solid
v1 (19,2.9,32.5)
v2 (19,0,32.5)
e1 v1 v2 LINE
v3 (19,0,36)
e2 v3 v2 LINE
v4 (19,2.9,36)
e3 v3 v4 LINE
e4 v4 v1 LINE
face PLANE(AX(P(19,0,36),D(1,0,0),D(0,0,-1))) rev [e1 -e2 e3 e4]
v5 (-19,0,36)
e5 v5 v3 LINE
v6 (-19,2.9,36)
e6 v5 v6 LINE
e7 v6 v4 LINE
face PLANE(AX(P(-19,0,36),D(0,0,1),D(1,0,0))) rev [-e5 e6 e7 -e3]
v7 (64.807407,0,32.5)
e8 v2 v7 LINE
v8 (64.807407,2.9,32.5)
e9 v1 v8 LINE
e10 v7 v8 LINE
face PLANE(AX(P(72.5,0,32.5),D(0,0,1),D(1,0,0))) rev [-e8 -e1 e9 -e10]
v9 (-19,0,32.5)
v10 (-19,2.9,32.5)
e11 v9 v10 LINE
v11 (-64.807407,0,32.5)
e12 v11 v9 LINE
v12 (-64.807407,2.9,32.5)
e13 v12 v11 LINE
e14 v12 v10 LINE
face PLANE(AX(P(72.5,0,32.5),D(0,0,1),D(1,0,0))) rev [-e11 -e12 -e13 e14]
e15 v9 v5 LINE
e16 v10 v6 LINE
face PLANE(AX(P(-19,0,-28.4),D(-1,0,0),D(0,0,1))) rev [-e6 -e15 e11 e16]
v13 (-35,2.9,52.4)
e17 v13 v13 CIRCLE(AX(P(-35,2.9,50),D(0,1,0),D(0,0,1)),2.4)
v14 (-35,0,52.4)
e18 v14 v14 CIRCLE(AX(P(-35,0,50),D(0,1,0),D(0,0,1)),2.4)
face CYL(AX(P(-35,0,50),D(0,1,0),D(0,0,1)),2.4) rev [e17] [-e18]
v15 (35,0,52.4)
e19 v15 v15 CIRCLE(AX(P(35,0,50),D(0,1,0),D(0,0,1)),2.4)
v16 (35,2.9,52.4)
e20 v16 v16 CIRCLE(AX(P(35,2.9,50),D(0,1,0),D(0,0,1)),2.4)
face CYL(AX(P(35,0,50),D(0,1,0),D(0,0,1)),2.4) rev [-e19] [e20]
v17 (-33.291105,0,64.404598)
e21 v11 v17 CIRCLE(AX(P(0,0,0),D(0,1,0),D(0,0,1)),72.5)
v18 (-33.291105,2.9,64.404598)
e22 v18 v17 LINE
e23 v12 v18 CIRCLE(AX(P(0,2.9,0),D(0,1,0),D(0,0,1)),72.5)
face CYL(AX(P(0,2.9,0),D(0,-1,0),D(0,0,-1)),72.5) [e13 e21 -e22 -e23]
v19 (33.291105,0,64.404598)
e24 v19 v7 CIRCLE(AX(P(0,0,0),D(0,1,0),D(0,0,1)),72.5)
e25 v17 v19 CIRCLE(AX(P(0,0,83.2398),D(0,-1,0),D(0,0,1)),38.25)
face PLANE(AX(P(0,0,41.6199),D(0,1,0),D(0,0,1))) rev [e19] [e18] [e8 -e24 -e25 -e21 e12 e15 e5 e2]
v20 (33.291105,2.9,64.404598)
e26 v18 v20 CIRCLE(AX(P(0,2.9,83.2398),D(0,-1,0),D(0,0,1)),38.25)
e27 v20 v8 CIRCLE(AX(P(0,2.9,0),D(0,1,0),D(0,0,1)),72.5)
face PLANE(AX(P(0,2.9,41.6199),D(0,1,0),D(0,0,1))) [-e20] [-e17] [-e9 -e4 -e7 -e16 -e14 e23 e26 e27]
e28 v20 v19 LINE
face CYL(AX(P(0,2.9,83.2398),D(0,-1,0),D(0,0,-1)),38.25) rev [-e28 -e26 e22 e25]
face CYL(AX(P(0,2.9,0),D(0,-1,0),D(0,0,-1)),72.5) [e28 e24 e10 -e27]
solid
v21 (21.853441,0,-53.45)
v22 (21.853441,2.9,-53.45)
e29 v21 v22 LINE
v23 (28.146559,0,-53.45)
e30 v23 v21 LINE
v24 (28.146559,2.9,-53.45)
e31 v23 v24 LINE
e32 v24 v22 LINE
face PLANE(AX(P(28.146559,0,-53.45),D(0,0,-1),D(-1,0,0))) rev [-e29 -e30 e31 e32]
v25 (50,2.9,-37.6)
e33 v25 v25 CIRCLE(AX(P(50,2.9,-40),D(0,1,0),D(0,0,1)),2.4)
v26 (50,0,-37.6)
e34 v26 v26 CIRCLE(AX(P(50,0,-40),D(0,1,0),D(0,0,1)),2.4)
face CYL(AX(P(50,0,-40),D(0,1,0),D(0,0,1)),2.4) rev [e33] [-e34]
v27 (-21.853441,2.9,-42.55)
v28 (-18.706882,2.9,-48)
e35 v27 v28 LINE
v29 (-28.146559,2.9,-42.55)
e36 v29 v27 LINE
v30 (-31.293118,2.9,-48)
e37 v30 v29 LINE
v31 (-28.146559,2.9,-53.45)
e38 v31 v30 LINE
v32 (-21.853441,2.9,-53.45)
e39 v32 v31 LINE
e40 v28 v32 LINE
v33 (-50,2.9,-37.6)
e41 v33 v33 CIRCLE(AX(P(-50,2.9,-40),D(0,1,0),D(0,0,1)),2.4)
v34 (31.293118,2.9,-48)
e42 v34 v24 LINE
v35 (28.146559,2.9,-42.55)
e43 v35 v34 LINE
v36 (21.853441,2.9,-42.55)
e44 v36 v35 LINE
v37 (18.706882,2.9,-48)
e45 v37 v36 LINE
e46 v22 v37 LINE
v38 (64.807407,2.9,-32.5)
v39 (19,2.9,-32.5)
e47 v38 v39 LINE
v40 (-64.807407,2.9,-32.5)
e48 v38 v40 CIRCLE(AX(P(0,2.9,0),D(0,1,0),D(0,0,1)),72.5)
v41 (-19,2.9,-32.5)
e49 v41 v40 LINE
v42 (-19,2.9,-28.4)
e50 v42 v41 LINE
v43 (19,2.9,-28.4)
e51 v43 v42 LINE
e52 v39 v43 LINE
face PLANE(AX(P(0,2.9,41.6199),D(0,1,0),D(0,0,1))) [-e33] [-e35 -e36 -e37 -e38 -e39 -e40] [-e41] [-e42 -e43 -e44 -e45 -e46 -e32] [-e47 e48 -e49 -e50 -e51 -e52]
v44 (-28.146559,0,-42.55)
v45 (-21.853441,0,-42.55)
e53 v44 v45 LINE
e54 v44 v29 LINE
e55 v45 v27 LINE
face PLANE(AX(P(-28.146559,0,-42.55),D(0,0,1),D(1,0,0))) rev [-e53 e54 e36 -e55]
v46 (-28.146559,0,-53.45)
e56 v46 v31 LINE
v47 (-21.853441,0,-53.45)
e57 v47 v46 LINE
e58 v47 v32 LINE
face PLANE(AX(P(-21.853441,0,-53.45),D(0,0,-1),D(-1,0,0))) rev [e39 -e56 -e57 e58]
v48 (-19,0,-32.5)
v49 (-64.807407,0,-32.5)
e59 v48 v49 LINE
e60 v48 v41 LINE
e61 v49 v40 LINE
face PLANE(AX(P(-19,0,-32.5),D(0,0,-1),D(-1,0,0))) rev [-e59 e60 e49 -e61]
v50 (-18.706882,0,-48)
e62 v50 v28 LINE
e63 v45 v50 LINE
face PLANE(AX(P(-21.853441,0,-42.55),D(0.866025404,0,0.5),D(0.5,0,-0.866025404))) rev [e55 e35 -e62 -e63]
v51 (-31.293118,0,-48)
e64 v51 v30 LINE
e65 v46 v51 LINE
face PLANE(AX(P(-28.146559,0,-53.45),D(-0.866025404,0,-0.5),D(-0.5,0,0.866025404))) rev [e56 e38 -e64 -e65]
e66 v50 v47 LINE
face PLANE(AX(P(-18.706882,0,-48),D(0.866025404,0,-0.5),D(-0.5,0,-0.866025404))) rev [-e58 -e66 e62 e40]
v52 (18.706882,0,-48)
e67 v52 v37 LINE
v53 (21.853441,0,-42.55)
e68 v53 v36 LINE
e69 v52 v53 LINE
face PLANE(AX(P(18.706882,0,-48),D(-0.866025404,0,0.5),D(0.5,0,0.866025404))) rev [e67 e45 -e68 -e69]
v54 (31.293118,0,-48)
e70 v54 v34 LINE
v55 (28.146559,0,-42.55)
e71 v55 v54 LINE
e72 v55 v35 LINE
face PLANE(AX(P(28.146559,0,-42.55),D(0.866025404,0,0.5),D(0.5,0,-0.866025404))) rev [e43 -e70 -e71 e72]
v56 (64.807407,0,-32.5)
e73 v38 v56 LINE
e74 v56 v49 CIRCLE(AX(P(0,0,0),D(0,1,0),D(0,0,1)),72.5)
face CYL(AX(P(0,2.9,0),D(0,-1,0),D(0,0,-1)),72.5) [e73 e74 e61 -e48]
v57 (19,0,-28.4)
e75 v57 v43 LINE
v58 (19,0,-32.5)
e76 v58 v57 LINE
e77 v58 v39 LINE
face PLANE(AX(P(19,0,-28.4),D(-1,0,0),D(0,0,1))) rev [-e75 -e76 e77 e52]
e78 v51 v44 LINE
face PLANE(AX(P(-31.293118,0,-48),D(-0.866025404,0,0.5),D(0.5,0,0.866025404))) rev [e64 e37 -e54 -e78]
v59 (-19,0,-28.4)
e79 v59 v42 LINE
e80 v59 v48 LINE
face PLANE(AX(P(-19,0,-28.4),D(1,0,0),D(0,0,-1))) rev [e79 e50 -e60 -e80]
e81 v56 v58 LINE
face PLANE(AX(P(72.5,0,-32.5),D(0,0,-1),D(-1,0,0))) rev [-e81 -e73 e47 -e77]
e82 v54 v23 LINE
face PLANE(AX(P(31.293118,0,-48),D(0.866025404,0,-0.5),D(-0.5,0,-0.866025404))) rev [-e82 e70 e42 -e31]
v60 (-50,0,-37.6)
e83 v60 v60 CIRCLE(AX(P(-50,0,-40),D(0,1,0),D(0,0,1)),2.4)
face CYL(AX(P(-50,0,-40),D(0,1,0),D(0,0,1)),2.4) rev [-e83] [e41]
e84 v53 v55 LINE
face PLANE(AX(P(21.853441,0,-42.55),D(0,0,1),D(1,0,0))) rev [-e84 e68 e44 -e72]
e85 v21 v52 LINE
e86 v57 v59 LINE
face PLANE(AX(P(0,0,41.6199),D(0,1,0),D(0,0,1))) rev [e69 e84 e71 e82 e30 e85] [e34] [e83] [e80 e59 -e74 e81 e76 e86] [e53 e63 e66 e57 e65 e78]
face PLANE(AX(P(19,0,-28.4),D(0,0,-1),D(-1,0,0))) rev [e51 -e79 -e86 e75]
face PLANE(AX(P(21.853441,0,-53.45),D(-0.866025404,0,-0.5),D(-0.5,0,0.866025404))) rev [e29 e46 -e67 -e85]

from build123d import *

# Parameters (mm, degrees)
BOSS_EXTRUDE1_DEPTH  = 2.9
SOLENOID_PLACEMENT_W = 38
SOLENOID_PLACEMENT_H = 64.4
CUT_EXTRUDE1_DEPTH   = 103.571487266
CUT_EXTRUDE5_DEPTH   = 103.571487266
SKETCH6_R            = 2.4
CUT_EXTRUDE6_DEPTH   = 103.571487266
CUT_EXTRUDE3_DEPTH   = 103.571487266


with BuildPart() as part:
    # Sketch1 → Boss-Extrude1 (new body)
    with BuildSketch(Plane(origin=(0, 0, 0), x_dir=(1, 0, 0), z_dir=(0, 1, 0))):
        with BuildLine():
            ThreePointArc((33.29110537, -64.404598464), (0, 72.5), (-33.29110537, -64.404598464))
            ThreePointArc((-33.29110537, -64.404598464), (0, -44.989799638), (33.29110537, -64.404598464))
        make_face()
    extrude(amount=BOSS_EXTRUDE1_DEPTH)

    # solenoid placement → Cut-Extrude1 (cut, through all)
    with BuildSketch(Plane(origin=(0, 2.9, 0), x_dir=(1, 0, 0), z_dir=(0, 1, 0))):
        with Locations((0, -3.8)):
            Rectangle(SOLENOID_PLACEMENT_W, SOLENOID_PLACEMENT_H)
    extrude(amount=-CUT_EXTRUDE1_DEPTH, mode=Mode.SUBTRACT)

    # Sketch5 → Cut-Extrude5 (cut, through all)
    with BuildSketch(Plane(origin=(0, 2.9, 0), x_dir=(1, 0, 0), z_dir=(0, 1, 0))):
        Polygon((-18.706882066, 48), (-21.853441033, 53.45), (-28.146558967, 53.45), (-31.293117934, 48), (-28.146558967, 42.55), (-21.853441033, 42.55), align=None)
        Polygon((18.706882066, 48), (21.853441033, 42.55), (28.146558967, 42.55), (31.293117934, 48), (28.146558967, 53.45), (21.853441033, 53.45), align=None)
    extrude(amount=-CUT_EXTRUDE5_DEPTH, mode=Mode.SUBTRACT)

    # Sketch6 → Cut-Extrude6 (cut, through all)
    with BuildSketch(Plane(origin=(0, 2.9, 0), x_dir=(1, 0, 0), z_dir=(0, 1, 0))):
        with Locations(Location((35, -50, 0), (0, 0, 270))):
            Circle(SKETCH6_R)
        with Locations(Location((-35, -50, 0), (0, 0, 270))):
            Circle(SKETCH6_R)
        with Locations(Location((-50, 40, 0), (0, 0, 270))):
            Circle(SKETCH6_R)
        with Locations(Location((50, 40, 0), (0, 0, 270))):
            Circle(SKETCH6_R)
    extrude(amount=-CUT_EXTRUDE6_DEPTH, mode=Mode.SUBTRACT)

    # Sketch3 → Cut-Extrude3 (cut, through all)
    with BuildSketch(Plane(origin=(0, 2.9, 0), x_dir=(1, 0, 0), z_dir=(0, 1, 0))):
        Polygon((-19, 28.4), (-19, 32.5), (-72.5, 32.5), (-72.5, -32.5), (72.5, -32.5), (72.5, 32.5), (19, 32.5), (19, 28.4), align=None)
    extrude(amount=-CUT_EXTRUDE3_DEPTH, mode=Mode.SUBTRACT)


with BuildPart() as cut_extrude3_piece_1:
    # of the separate pieces the step leaves, piece 1, a body of its own (cut_extrude3_pieces)
    add(part.part.solids().sort_by_distance((64.807406984, 0, -32.5))[0])


with BuildPart() as cut_extrude3_piece_2:
    # of the separate pieces the step leaves, piece 2, a body of its own (cut_extrude3_pieces)
    add(part.part.solids().sort_by_distance((-33.29110537, 0, 64.404598464))[0])


solid = Compound([cut_extrude3_piece_1.part, cut_extrude3_piece_2.part])
